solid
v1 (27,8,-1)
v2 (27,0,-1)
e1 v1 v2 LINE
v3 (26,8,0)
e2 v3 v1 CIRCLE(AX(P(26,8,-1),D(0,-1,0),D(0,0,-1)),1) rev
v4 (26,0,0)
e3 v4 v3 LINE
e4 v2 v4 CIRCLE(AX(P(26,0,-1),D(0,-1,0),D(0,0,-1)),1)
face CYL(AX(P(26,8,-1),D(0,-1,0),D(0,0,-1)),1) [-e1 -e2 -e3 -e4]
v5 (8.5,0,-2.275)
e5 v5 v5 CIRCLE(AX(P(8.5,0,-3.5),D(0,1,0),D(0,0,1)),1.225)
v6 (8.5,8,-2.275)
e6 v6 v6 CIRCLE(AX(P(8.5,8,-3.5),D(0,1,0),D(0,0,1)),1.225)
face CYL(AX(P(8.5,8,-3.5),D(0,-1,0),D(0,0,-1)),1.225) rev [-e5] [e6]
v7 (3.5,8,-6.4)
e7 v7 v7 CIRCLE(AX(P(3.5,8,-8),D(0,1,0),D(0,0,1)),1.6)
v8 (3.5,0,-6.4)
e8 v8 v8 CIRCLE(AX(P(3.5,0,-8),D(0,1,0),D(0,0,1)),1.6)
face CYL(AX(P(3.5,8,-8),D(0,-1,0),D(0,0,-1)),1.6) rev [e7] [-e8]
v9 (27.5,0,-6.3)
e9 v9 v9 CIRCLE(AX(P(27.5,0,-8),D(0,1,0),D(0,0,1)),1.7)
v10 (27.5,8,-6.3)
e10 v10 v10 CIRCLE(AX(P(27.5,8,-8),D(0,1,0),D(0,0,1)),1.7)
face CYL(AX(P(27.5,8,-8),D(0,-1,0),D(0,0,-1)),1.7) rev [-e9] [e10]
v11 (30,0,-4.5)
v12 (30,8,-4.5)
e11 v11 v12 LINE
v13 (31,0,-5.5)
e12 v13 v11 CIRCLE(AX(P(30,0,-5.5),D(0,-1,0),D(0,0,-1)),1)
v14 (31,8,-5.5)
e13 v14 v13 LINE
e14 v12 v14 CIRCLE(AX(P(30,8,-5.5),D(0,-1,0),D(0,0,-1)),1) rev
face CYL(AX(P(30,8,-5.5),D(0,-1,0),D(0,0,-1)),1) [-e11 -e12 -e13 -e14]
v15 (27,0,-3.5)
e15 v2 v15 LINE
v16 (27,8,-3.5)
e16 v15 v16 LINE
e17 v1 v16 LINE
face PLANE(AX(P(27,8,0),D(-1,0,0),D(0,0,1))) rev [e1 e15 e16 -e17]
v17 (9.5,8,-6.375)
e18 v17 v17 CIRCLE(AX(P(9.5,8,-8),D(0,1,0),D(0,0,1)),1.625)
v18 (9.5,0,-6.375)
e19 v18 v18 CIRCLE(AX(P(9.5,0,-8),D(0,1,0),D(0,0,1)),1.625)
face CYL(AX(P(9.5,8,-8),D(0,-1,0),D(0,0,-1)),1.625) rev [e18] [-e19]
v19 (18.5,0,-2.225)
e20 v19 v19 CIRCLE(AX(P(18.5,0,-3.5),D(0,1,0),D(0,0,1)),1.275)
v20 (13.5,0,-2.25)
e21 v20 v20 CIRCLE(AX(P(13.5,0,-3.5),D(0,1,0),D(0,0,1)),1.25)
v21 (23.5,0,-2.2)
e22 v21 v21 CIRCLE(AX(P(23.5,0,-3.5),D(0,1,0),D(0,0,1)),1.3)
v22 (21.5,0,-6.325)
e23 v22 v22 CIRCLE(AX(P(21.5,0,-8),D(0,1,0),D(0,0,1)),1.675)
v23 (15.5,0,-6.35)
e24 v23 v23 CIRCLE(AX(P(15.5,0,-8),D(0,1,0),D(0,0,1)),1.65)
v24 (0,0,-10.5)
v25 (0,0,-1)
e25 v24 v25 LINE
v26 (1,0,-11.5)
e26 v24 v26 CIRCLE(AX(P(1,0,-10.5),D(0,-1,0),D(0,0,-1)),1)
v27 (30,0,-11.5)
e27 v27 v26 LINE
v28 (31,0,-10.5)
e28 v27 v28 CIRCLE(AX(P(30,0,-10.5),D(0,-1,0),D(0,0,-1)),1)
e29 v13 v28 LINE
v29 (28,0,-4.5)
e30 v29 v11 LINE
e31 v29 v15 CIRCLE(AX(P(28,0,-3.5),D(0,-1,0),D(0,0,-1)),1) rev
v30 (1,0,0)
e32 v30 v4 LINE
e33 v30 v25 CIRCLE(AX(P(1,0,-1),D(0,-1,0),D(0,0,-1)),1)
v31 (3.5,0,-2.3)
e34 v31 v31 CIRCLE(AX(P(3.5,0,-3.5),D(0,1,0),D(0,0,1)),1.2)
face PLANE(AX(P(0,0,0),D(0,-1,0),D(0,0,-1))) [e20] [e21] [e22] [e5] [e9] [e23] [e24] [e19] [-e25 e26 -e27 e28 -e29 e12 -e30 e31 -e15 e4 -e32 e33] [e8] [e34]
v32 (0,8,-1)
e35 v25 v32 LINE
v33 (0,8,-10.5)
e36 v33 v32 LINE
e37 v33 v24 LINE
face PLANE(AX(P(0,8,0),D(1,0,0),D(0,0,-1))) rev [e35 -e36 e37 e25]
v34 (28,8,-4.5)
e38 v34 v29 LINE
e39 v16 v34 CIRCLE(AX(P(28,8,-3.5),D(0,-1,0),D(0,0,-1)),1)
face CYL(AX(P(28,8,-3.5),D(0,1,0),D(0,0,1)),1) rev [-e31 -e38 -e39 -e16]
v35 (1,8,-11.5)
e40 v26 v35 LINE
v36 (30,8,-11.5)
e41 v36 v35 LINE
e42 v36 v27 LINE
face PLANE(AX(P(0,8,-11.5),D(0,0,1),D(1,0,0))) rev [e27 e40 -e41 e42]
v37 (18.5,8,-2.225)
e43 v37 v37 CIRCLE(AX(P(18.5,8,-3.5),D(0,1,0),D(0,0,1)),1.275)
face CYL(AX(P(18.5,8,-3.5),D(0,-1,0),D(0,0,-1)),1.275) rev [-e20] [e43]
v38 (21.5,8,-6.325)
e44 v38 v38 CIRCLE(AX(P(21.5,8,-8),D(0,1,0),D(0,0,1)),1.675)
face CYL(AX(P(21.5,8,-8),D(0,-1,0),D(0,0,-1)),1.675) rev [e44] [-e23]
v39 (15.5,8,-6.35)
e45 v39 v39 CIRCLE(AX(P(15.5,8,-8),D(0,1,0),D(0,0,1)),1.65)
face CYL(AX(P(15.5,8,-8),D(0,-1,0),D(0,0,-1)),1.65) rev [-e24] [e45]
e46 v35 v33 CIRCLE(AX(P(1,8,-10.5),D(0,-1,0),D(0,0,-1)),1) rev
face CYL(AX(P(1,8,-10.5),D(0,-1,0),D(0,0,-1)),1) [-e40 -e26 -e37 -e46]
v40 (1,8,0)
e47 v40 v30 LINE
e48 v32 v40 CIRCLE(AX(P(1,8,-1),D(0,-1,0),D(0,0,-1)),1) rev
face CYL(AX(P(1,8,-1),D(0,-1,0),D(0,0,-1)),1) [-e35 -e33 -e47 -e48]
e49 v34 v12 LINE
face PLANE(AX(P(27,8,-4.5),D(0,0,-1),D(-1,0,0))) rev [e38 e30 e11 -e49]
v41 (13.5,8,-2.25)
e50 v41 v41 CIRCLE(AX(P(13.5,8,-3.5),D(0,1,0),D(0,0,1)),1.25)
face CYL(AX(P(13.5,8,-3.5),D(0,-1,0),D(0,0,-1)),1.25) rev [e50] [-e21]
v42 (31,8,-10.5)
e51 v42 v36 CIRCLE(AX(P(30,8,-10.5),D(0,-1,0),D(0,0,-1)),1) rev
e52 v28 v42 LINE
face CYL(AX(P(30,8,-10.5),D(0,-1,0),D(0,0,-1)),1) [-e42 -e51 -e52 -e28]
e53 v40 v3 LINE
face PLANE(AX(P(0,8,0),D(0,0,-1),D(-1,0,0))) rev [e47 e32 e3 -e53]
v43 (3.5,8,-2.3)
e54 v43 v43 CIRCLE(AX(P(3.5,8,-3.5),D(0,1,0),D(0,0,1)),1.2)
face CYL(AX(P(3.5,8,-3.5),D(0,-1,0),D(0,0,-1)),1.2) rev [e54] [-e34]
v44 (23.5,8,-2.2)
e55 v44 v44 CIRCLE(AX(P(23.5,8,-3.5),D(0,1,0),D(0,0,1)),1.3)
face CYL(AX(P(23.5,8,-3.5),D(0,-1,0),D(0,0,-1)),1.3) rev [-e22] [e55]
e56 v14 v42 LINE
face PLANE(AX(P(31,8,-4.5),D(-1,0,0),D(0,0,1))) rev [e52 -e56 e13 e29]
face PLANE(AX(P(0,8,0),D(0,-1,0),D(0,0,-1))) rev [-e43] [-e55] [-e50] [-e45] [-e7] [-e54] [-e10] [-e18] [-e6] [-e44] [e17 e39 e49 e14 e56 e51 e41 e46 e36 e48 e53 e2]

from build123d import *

# Parameters (mm, degrees)
SKETCH1_R           = 1.2
SKETCH1_R_2         = 1.225
SKETCH1_R_3         = 1.25
SKETCH1_R_4         = 1.275
SKETCH1_R_5         = 1.3
SKETCH1_R_6         = 1.6
SKETCH1_R_7         = 1.625
SKETCH1_R_8         = 1.65
SKETCH1_R_9         = 1.675
SKETCH1_R_10        = 1.7
BOSS_EXTRUDE1_DEPTH = 8
FILLET1_R           = 1


with BuildPart() as part:
    # Sketch1 → Boss-Extrude1 (new body)
    with BuildSketch(Plane(origin=(0, 0, 0), x_dir=(1, 0, 0), z_dir=(0, 1, 0))):
        Polygon((0, 0), (27, 0), (27, 4.5), (31, 4.5), (31, 11.5), (0, 11.5), align=None)
        with Locations(Location((3.5, 3.5, 0), (0, 0, 270))):
            Circle(SKETCH1_R, mode=Mode.SUBTRACT)
        with Locations(Location((8.5, 3.5, 0), (0, 0, 270))):
            Circle(SKETCH1_R_2, mode=Mode.SUBTRACT)
        with Locations(Location((13.5, 3.5, 0), (0, 0, 270))):
            Circle(SKETCH1_R_3, mode=Mode.SUBTRACT)
        with Locations(Location((18.5, 3.5, 0), (0, 0, 270))):
            Circle(SKETCH1_R_4, mode=Mode.SUBTRACT)
        with Locations(Location((23.5, 3.5, 0), (0, 0, 270))):
            Circle(SKETCH1_R_5, mode=Mode.SUBTRACT)
        with Locations(Location((3.5, 8, 0), (0, 0, 270))):
            Circle(SKETCH1_R_6, mode=Mode.SUBTRACT)
        with Locations(Location((9.5, 8, 0), (0, 0, 270))):
            Circle(SKETCH1_R_7, mode=Mode.SUBTRACT)
        with Locations(Location((15.5, 8, 0), (0, 0, 270))):
            Circle(SKETCH1_R_8, mode=Mode.SUBTRACT)
        with Locations(Location((21.5, 8, 0), (0, 0, 270))):
            Circle(SKETCH1_R_9, mode=Mode.SUBTRACT)
        with Locations(Location((27.5, 8, 0), (0, 0, 270))):
            Circle(SKETCH1_R_10, mode=Mode.SUBTRACT)
    extrude(amount=BOSS_EXTRUDE1_DEPTH)

    # Fillet1
    fillet1_edges = [part.edges().sort_by_distance(p)[0] for p in [
        (0, 4, -11.5),
        (31, 4, -11.5),
        (31, 4, -4.5),
        (27, 4, -4.5),
        (27, 4, 0),
        (0, 4, 0),
    ]]
    fillet(fillet1_edges, radius=FILLET1_R)


solid = part.part
